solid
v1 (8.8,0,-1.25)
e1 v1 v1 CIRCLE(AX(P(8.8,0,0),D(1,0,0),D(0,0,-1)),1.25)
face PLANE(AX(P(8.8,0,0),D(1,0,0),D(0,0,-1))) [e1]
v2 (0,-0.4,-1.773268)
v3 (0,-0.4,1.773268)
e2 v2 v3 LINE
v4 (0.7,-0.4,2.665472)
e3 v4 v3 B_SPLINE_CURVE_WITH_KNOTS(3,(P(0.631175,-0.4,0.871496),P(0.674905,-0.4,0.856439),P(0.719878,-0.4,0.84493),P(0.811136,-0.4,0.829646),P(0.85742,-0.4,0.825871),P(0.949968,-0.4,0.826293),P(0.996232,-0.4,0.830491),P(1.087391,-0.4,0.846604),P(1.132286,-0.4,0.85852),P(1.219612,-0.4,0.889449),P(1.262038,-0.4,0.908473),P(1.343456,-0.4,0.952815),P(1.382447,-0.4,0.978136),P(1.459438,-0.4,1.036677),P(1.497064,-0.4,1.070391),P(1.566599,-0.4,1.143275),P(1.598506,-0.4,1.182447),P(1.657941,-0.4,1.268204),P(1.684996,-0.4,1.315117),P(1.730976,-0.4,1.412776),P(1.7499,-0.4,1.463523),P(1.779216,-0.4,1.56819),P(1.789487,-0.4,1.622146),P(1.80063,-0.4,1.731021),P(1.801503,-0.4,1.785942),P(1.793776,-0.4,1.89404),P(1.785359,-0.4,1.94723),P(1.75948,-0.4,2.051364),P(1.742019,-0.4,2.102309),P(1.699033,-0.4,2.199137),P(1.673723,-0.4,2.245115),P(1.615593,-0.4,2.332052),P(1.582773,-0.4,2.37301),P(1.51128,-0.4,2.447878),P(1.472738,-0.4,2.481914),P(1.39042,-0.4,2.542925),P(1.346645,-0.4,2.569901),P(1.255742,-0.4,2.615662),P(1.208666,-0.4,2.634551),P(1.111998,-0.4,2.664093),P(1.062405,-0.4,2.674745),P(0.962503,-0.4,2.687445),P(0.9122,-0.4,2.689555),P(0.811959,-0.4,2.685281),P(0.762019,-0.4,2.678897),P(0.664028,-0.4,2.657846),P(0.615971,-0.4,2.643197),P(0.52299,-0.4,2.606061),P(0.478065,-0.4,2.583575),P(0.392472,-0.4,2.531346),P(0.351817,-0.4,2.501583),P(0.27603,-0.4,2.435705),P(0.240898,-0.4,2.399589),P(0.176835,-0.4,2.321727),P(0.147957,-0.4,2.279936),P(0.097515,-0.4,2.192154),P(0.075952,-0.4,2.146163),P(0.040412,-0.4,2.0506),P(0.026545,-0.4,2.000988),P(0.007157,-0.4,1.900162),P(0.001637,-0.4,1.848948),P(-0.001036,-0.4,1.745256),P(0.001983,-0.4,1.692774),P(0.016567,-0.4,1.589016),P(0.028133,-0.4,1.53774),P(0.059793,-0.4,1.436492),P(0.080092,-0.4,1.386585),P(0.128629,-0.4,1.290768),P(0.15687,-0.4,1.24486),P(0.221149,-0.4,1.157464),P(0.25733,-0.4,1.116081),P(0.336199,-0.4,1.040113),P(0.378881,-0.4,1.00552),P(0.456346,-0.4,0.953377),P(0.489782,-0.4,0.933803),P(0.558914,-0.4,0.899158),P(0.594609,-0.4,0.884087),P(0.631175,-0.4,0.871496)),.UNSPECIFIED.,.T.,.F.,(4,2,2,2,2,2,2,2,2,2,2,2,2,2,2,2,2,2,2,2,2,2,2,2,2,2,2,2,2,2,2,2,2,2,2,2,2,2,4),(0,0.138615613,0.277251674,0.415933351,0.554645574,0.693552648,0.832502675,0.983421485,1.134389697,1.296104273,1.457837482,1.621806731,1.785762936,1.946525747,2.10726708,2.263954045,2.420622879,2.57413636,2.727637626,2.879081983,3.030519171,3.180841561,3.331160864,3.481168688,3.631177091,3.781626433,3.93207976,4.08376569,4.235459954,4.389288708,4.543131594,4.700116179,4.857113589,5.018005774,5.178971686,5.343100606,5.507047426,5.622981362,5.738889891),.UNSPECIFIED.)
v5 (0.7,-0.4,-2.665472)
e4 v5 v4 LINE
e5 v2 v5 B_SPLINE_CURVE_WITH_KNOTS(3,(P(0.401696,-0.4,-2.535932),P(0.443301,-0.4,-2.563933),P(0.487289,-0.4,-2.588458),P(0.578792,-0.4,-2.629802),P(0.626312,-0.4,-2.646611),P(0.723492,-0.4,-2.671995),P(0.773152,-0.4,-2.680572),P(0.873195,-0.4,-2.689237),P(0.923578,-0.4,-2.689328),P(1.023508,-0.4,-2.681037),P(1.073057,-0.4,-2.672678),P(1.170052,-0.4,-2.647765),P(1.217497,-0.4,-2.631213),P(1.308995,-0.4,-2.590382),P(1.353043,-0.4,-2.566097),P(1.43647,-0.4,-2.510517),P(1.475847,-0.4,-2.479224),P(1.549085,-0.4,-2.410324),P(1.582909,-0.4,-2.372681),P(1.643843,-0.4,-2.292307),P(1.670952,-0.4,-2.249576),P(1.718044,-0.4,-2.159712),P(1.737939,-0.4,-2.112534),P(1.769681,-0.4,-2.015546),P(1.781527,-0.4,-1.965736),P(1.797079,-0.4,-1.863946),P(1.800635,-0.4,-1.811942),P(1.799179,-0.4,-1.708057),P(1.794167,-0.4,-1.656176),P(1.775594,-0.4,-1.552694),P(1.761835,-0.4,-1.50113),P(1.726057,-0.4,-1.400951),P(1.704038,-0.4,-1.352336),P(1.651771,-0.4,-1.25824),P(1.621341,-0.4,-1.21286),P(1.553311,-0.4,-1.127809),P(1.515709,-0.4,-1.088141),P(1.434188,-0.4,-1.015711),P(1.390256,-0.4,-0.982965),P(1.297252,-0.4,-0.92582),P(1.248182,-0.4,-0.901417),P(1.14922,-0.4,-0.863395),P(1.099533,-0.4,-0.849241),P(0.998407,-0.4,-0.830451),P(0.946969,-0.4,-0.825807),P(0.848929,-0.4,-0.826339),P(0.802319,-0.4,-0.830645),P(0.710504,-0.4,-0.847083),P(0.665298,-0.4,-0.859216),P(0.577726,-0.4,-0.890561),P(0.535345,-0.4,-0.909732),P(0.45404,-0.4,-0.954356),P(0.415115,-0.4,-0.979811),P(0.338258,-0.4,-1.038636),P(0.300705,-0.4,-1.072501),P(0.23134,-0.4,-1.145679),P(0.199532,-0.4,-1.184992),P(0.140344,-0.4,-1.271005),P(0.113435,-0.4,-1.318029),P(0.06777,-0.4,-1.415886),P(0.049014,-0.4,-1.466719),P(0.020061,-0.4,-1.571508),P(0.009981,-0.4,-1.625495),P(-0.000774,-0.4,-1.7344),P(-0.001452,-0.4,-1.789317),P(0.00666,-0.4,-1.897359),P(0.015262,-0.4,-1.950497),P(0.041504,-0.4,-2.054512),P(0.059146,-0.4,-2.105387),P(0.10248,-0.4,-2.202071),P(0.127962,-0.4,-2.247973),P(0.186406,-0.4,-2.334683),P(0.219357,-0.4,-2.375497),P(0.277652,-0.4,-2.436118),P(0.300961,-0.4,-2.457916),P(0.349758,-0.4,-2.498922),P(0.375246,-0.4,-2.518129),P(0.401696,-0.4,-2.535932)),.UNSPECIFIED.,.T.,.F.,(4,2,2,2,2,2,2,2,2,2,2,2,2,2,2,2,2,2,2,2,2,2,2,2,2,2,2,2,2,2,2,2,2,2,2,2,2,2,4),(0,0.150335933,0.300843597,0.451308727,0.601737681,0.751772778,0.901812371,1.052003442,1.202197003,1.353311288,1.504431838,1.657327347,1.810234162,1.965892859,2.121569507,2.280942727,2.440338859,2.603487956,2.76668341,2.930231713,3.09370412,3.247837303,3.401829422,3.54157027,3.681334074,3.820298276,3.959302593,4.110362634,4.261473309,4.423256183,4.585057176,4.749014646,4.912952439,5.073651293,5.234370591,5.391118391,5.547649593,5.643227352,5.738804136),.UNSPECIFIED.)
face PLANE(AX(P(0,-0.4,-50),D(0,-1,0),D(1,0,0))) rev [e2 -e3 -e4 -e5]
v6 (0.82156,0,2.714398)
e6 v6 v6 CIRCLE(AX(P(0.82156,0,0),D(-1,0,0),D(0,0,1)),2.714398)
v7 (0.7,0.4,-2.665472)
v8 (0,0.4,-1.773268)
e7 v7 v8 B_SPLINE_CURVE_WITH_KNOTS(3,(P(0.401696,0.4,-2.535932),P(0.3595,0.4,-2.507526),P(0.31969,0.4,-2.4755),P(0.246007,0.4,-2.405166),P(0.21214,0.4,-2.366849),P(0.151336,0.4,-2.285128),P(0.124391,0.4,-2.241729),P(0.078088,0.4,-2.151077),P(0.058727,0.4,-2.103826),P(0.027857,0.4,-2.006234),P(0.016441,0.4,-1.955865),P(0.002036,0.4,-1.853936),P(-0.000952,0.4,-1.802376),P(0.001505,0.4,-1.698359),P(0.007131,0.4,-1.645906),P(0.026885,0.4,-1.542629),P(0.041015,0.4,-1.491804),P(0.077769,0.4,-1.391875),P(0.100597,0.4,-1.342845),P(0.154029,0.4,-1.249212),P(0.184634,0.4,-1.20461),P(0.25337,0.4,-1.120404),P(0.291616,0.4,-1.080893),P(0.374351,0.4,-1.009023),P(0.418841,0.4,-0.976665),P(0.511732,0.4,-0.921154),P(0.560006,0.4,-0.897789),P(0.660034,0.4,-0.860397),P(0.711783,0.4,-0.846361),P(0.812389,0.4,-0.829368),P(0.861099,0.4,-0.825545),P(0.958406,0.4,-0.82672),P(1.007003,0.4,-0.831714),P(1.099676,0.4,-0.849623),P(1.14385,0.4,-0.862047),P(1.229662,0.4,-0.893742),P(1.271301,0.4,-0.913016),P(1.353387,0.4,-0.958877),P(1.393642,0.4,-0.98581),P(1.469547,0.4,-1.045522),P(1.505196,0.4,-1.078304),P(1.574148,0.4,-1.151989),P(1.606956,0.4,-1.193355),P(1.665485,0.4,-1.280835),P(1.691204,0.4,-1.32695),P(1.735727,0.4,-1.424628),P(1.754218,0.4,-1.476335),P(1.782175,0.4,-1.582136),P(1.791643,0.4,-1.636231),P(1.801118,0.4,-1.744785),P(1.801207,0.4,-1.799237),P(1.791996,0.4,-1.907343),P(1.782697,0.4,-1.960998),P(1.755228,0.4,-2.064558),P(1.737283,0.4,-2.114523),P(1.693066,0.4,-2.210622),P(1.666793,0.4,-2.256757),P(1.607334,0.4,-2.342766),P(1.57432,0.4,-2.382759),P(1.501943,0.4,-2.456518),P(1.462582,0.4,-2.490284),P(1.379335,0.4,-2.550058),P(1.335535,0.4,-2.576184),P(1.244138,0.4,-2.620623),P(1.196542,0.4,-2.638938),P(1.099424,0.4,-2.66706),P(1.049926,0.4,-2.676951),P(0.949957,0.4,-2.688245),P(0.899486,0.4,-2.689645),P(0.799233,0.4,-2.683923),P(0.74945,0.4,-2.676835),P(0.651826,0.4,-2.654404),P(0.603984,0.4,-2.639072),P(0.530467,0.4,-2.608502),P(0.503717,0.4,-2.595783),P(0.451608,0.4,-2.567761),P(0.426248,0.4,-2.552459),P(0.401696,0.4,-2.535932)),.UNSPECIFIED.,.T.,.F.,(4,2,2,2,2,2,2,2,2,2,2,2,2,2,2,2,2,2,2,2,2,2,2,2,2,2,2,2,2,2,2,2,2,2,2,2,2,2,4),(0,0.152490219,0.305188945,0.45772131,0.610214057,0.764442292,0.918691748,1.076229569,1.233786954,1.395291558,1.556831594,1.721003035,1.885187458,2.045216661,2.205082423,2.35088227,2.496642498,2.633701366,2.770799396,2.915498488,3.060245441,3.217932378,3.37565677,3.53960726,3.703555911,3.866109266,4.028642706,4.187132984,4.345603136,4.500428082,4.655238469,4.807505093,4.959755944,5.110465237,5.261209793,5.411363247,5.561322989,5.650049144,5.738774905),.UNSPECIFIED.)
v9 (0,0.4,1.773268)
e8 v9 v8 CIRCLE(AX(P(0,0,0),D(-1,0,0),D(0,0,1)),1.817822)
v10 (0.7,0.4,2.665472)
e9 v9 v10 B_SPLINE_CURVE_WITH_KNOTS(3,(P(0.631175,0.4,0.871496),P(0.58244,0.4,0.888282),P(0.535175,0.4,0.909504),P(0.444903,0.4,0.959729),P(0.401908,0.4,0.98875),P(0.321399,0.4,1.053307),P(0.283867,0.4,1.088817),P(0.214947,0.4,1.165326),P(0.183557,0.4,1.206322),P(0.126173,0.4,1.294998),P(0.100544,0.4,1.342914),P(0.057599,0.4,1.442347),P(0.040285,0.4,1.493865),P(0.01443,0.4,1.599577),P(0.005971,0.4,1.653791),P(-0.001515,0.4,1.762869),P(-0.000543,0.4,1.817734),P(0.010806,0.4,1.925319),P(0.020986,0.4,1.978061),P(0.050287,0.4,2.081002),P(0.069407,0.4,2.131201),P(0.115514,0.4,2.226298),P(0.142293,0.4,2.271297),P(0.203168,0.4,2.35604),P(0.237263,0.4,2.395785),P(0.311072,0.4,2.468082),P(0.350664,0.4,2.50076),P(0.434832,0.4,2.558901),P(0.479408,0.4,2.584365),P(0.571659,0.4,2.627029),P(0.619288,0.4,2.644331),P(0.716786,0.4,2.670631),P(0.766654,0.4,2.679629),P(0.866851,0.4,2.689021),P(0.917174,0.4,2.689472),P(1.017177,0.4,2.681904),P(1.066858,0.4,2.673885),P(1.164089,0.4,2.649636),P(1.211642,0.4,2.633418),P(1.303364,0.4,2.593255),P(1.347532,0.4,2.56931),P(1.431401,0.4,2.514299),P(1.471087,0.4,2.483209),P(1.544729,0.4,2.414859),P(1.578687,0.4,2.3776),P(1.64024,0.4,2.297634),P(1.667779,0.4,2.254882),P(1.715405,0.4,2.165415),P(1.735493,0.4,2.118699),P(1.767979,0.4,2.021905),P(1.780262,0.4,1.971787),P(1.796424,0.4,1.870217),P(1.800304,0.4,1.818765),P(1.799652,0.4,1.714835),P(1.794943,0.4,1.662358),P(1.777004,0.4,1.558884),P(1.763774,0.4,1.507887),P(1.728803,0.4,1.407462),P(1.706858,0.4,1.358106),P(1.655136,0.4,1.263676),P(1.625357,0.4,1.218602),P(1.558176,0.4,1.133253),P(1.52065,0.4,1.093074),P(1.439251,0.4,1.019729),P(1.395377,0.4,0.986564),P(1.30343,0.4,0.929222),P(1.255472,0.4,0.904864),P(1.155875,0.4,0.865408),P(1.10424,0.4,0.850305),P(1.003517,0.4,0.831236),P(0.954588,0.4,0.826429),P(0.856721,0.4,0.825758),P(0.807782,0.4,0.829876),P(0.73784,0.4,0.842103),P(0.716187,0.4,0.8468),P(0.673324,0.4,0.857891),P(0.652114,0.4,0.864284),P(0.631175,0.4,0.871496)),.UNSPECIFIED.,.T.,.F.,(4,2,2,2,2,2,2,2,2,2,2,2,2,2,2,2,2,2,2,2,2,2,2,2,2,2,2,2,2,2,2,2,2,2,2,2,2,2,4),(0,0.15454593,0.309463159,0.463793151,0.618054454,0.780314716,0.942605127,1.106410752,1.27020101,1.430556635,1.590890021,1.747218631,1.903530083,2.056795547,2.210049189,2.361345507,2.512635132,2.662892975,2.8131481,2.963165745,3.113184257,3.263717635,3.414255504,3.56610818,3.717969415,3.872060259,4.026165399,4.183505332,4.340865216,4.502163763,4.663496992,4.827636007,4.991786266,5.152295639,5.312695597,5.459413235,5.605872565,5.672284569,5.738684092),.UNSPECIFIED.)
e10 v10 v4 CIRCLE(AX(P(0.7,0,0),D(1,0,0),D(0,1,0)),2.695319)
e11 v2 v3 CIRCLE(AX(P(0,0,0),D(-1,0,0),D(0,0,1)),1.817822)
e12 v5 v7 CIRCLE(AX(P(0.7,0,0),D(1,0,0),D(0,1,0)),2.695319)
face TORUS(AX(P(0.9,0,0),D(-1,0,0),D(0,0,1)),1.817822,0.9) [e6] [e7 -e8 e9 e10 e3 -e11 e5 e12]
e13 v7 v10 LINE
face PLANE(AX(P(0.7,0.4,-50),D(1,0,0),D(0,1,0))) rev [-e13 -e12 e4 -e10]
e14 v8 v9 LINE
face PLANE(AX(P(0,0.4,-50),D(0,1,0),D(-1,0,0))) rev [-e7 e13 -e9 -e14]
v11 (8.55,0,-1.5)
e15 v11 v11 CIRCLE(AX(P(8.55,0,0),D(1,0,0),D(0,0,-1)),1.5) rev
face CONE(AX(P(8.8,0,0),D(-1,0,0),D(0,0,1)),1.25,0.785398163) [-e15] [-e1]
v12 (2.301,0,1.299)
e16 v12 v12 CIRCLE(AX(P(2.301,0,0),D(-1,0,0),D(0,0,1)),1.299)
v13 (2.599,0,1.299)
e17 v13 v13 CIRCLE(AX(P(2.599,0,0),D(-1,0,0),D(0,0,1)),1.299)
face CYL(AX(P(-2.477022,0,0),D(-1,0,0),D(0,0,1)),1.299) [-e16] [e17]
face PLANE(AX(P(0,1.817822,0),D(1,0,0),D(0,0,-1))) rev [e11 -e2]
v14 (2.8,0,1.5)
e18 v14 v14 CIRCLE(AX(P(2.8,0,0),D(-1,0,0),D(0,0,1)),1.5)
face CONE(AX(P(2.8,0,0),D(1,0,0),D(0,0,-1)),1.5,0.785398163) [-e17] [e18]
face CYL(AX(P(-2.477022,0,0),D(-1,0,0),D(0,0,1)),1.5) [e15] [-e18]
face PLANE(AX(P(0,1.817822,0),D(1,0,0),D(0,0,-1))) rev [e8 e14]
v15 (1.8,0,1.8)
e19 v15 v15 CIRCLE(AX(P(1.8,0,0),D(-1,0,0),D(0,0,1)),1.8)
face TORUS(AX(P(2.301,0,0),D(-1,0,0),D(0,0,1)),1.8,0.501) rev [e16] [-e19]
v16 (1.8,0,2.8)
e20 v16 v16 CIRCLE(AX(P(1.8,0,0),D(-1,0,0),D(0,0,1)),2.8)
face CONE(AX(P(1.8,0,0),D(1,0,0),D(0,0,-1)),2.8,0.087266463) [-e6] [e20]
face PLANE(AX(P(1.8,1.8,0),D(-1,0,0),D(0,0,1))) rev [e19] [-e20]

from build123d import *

# Parameters (mm, degrees)
SKETCH_4_W          = 0.7
SKETCH_4_H          = 0.8
CUT_EXTRUDE_1_DEPTH = 50
SKETCH_6_R          = 4.963910668
CUT_EXTRUDE_2_DEPTH = 5
CHAMFER_1_SIZE      = 0.25


with BuildPart() as part:
    # 草图3 → Revolve 929 (revolve)
    with BuildSketch(Plane.XY, mode=Mode.PRIVATE) as revolve_929_sk:
        with BuildLine():
            Line((0, 0), (13.8, 0))
            Line((13.8, 0), (13.8, 1.5))
            Line((13.8, 1.5), (2.8, 1.5))
            Line((2.8, 1.5), (2.599, 1.299))
            Line((2.599, 1.299), (2.301, 1.299))
            ThreePointArc((2.301, 1.299), (1.946739503, 1.445739503), (1.8, 1.8))
            Line((1.8, 1.8), (1.8, 2.8))
            Line((1.8, 2.8), (0.821559832, 2.714397577))
            ThreePointArc((0.821559832, 2.714397577), (0.236450397, 2.425853536), (0, 1.817822349))
            Line((0, 1.817822349), (0, 0))
        make_face()
    revolve(revolve_929_sk.sketch.rotate(Axis((-2.477021524, 0, 0), (1, 0, 0)), 90), axis=Axis((-2.477021524, 0, 0), (1, 0, 0)))

    # 草图4 → 切除-拉伸1 (cut, symmetric)
    with BuildSketch(Plane.XY):
        with Locations((0.35, 0)):
            Rectangle(SKETCH_4_W, SKETCH_4_H)
    extrude(amount=CUT_EXTRUDE_1_DEPTH, both=True, mode=Mode.SUBTRACT)

    # 草图5 → 切除-旋转1 (revolve, cut)
    with BuildSketch(Plane.XY, mode=Mode.PRIVATE) as cut_revolve_1_sk:
        Polygon((13.547291997, 1.5), (14.047291997, 1.5), (13.8, 1.067), align=None)
    revolve(cut_revolve_1_sk.sketch.rotate(Axis((6.174994867, 0, 0), (-1, 0, 0)), 270), axis=Axis((6.174994867, 0, 0), (-1, 0, 0)), mode=Mode.SUBTRACT)

    # 草图6 → 切除-拉伸2 (cut)
    with BuildSketch(Plane(origin=(13.8, 0, 0), x_dir=(0, 0, -1), z_dir=(1, 0, 0))):
        Circle(SKETCH_6_R)
    extrude(amount=-CUT_EXTRUDE_2_DEPTH, mode=Mode.SUBTRACT)

    # 倒角1
    chamfer_1_edges = [part.edges().sort_by_distance(p)[0] for p in [
        (8.8, 0, -1.5),
    ]]
    chamfer(chamfer_1_edges, length=CHAMFER_1_SIZE)


solid = part.part
